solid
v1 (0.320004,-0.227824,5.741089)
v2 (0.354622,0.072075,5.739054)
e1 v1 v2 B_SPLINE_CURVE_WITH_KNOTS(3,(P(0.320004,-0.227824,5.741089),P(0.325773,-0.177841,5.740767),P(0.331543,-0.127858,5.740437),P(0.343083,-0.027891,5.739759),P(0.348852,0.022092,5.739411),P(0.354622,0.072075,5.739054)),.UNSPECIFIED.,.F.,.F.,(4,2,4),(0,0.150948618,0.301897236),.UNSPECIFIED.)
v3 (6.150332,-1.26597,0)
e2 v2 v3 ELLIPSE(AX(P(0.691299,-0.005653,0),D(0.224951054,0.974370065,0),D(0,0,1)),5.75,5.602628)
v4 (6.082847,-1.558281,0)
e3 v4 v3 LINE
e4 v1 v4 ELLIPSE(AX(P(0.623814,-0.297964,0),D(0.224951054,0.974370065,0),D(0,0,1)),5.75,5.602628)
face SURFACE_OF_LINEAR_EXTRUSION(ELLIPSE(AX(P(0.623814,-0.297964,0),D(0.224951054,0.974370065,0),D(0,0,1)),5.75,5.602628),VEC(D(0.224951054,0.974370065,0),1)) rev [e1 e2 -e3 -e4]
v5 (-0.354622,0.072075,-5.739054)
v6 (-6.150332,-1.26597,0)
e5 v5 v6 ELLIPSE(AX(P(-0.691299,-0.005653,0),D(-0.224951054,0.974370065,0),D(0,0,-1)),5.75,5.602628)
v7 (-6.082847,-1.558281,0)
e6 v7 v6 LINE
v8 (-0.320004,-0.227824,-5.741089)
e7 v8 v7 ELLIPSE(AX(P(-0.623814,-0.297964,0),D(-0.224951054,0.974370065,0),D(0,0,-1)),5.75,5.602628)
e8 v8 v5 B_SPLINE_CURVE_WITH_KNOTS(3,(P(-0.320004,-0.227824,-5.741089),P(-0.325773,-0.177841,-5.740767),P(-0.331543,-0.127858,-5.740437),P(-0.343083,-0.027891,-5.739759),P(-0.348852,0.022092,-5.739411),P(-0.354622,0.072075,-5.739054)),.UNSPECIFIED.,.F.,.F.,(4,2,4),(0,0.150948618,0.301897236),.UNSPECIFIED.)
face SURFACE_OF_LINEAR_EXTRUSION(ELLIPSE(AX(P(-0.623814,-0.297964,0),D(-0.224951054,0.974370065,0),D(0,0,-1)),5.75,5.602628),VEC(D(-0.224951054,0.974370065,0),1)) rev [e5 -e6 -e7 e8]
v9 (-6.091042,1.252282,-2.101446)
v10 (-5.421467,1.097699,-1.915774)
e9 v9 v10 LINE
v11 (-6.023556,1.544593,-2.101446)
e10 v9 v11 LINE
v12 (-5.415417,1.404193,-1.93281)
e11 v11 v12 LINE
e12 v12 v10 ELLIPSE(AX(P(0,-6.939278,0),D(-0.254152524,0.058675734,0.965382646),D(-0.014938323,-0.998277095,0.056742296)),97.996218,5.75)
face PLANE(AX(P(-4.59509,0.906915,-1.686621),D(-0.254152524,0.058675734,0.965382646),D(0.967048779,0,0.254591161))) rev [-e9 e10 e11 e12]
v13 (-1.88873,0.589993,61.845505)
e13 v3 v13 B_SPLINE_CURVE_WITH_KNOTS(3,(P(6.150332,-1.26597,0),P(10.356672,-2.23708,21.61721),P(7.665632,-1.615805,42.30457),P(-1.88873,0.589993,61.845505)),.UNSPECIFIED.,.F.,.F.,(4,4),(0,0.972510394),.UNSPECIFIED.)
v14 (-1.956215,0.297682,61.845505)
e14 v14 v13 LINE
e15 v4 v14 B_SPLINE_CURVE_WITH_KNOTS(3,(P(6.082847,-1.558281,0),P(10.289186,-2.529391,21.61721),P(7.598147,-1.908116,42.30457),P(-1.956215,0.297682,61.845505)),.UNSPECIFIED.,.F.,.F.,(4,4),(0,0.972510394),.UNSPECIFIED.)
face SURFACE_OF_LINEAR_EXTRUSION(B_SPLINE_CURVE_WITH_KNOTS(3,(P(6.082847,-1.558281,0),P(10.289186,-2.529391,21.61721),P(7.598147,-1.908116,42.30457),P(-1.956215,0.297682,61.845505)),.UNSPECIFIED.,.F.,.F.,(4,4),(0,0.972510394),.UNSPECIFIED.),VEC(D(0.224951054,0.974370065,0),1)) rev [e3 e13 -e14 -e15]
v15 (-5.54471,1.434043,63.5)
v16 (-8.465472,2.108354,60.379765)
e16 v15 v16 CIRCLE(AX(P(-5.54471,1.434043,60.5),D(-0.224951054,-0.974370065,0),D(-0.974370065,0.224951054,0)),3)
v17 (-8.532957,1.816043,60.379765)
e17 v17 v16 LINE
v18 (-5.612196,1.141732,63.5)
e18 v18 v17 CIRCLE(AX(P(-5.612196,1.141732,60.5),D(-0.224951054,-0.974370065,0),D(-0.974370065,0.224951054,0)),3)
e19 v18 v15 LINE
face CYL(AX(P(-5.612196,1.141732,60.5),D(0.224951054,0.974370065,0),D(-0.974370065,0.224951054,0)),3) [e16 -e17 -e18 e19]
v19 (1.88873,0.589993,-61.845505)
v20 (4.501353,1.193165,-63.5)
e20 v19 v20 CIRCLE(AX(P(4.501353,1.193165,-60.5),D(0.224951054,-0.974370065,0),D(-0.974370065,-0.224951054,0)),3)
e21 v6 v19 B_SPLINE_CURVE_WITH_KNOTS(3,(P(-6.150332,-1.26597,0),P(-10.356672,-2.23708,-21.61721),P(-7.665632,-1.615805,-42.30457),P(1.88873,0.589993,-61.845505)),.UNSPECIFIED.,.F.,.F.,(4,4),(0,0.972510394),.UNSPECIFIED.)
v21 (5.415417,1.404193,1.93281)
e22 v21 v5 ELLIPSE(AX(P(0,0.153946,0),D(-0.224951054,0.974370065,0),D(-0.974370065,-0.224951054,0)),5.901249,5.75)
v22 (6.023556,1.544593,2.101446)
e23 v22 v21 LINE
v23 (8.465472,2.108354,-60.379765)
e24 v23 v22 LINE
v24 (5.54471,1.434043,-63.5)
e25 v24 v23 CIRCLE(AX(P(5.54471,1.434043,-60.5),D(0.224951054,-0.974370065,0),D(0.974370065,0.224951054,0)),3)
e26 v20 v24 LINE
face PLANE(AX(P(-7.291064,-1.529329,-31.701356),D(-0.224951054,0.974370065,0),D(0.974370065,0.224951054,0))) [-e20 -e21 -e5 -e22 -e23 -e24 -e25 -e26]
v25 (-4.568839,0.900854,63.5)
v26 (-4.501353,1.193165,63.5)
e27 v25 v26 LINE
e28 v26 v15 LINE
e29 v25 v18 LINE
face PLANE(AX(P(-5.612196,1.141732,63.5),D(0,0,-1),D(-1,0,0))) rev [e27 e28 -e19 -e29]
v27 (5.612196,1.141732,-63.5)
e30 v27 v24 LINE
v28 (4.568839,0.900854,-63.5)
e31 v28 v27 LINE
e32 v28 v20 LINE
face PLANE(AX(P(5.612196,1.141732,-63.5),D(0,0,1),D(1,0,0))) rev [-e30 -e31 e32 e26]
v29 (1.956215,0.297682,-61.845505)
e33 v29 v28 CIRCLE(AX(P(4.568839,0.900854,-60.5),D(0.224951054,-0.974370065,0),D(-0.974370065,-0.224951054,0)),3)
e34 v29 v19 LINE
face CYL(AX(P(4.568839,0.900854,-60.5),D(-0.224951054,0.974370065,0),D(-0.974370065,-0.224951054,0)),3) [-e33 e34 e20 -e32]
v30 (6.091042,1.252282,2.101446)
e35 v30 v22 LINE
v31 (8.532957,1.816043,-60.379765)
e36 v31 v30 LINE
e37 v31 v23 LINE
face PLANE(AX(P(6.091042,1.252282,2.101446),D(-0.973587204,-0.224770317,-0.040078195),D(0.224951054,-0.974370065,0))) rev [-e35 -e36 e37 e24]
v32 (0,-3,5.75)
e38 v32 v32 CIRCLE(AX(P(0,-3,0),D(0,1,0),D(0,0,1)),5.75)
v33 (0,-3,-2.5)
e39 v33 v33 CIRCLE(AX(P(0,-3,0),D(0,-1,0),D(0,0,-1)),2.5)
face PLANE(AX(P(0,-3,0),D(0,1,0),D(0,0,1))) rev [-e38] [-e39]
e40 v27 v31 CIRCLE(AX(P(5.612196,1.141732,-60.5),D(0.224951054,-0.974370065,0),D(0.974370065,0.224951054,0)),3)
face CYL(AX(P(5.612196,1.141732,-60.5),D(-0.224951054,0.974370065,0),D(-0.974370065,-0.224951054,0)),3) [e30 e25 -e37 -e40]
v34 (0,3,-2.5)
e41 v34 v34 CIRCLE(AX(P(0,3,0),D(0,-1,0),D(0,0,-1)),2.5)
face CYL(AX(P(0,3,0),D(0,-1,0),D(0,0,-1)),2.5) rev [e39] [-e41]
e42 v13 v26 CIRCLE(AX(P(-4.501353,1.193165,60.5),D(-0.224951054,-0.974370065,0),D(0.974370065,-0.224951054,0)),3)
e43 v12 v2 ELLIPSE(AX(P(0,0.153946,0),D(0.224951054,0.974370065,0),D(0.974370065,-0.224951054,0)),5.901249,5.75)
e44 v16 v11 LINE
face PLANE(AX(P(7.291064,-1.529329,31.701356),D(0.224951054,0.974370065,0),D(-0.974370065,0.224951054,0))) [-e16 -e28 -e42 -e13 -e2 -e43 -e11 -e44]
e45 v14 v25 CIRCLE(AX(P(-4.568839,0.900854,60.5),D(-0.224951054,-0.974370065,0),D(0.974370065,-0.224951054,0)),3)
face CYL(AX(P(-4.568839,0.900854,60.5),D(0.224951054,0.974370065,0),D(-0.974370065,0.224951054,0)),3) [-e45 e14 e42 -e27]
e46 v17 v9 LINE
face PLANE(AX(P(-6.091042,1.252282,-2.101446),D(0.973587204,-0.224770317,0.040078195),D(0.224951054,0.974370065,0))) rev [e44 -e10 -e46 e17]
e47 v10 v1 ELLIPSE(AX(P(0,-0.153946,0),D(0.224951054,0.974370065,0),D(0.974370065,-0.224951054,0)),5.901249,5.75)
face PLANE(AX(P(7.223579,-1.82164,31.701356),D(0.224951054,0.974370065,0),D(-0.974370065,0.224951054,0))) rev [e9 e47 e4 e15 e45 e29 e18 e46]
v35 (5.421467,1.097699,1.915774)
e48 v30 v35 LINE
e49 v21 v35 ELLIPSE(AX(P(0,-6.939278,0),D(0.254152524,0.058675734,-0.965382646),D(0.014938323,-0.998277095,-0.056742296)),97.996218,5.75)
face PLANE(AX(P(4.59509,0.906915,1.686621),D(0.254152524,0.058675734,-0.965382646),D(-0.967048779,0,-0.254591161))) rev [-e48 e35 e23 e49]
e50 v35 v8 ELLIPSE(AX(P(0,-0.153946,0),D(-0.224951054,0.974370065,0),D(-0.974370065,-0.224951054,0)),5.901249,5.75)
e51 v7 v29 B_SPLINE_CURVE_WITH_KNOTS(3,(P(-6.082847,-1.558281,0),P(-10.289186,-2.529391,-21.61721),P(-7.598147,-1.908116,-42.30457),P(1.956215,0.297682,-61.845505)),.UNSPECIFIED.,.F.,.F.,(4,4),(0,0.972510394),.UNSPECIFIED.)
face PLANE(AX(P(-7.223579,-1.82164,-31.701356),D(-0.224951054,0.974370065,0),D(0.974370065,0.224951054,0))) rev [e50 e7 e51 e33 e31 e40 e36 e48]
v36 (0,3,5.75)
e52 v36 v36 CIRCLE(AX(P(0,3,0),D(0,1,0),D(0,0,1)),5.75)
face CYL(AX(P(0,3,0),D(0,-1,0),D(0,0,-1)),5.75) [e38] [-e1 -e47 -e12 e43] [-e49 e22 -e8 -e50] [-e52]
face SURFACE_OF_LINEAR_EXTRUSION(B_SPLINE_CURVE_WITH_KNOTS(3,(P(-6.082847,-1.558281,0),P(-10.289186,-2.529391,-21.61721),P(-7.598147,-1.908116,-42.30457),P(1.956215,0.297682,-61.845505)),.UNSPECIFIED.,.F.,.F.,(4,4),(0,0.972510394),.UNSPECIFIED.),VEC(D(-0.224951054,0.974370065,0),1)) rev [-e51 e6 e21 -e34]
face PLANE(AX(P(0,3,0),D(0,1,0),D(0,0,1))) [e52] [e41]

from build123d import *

# Parameters (mm, degrees)
SKETCH1_R           = 5.75
BOSS_EXTRUDE1_DEPTH = 3
BOSS_EXTRUDE2_DEPTH = 0.15
CIRPATTERN1_COUNT   = 2
SKETCH4_R           = 2.5
CUT_EXTRUDE1_DEPTH  = 65.351390501


with BuildPart() as part:
    # Sketch1 → Boss-Extrude1 (new, symmetric)
    with BuildSketch(Plane(origin=(0, 0, 0), x_dir=(1, 0, 0), z_dir=(0, 1, 0))):
        with Locations(Location((0, 0, 0), (0, 0, 270))):
            Circle(SKETCH1_R)
    extrude(amount=BOSS_EXTRUDE1_DEPTH, both=True)

    # Sketch3 → Boss-Extrude2 (add, symmetric)
    with BuildSketch(Plane(origin=(0, 0, 0), x_dir=(0.9743700647852351, -0.22495105434386545, 0), z_dir=(-0.22495105434386545, -0.9743700647852351, 0))):
        with BuildLine():
            Line((-4.681329955, -1.686621276), (-6.216630979, -2.101445918))
            Line((-6.216630979, -2.101445918), (-8.722778735, 60.379765414))
            ThreePointArc((-8.722778735, 60.379765414), (-7.888601188, 62.578376319), (-5.725189096, 63.5))
            Line((-5.725189096, 63.5), (-4.654387641, 63.5))
            ThreePointArc((-4.654387641, 63.5), (-3.079032897, 63.053087823), (-1.973041632, 61.845504954))
            add(Edge.make_bspline(
                [(6.277481036, 0), (10.594464488, 21.617209899), (7.832639592, 42.304570426), (-1.973041632, 61.845504954)],
                knots=[0, 0, 0, 0, 0.972510394, 0.972510394, 0.972510394, 0.972510394], degree=3))
            add(Edge.make_bspline(
                [(6.277481036, 0), (6.277481036, 6.676569572), (-0.15603138, 5.686416632), (-6.589543796, 4.696263693), (-4.681329955, -1.686621276)],
                knots=[4.71238898, 4.71238898, 4.71238898, 6.432037026, 6.432037026, 8.151685071, 8.151685071, 8.151685071], degree=2, weights=[1, 0.652570821, 1, 0.652570821, 1]))
        make_face()
    boss_extrude2 = extrude(amount=BOSS_EXTRUDE2_DEPTH, both=True)

    # CirPattern1: Boss-Extrude2 ×2 about axis
    cirpattern1_axis = Axis((0, 3, 0), (0, -1, 0))
    for i in range(1, CIRPATTERN1_COUNT):
        add(boss_extrude2.rotate(cirpattern1_axis, i * 360 / CIRPATTERN1_COUNT))

    # Sketch4 → Cut-Extrude1 (cut, through all)
    with BuildSketch(Plane.XZ.offset(3)):
        with Locations(Location((0, 0, 0), (0, 0, 270))):
            Circle(SKETCH4_R)
    extrude(amount=-CUT_EXTRUDE1_DEPTH, mode=Mode.SUBTRACT)


solid = part.part
